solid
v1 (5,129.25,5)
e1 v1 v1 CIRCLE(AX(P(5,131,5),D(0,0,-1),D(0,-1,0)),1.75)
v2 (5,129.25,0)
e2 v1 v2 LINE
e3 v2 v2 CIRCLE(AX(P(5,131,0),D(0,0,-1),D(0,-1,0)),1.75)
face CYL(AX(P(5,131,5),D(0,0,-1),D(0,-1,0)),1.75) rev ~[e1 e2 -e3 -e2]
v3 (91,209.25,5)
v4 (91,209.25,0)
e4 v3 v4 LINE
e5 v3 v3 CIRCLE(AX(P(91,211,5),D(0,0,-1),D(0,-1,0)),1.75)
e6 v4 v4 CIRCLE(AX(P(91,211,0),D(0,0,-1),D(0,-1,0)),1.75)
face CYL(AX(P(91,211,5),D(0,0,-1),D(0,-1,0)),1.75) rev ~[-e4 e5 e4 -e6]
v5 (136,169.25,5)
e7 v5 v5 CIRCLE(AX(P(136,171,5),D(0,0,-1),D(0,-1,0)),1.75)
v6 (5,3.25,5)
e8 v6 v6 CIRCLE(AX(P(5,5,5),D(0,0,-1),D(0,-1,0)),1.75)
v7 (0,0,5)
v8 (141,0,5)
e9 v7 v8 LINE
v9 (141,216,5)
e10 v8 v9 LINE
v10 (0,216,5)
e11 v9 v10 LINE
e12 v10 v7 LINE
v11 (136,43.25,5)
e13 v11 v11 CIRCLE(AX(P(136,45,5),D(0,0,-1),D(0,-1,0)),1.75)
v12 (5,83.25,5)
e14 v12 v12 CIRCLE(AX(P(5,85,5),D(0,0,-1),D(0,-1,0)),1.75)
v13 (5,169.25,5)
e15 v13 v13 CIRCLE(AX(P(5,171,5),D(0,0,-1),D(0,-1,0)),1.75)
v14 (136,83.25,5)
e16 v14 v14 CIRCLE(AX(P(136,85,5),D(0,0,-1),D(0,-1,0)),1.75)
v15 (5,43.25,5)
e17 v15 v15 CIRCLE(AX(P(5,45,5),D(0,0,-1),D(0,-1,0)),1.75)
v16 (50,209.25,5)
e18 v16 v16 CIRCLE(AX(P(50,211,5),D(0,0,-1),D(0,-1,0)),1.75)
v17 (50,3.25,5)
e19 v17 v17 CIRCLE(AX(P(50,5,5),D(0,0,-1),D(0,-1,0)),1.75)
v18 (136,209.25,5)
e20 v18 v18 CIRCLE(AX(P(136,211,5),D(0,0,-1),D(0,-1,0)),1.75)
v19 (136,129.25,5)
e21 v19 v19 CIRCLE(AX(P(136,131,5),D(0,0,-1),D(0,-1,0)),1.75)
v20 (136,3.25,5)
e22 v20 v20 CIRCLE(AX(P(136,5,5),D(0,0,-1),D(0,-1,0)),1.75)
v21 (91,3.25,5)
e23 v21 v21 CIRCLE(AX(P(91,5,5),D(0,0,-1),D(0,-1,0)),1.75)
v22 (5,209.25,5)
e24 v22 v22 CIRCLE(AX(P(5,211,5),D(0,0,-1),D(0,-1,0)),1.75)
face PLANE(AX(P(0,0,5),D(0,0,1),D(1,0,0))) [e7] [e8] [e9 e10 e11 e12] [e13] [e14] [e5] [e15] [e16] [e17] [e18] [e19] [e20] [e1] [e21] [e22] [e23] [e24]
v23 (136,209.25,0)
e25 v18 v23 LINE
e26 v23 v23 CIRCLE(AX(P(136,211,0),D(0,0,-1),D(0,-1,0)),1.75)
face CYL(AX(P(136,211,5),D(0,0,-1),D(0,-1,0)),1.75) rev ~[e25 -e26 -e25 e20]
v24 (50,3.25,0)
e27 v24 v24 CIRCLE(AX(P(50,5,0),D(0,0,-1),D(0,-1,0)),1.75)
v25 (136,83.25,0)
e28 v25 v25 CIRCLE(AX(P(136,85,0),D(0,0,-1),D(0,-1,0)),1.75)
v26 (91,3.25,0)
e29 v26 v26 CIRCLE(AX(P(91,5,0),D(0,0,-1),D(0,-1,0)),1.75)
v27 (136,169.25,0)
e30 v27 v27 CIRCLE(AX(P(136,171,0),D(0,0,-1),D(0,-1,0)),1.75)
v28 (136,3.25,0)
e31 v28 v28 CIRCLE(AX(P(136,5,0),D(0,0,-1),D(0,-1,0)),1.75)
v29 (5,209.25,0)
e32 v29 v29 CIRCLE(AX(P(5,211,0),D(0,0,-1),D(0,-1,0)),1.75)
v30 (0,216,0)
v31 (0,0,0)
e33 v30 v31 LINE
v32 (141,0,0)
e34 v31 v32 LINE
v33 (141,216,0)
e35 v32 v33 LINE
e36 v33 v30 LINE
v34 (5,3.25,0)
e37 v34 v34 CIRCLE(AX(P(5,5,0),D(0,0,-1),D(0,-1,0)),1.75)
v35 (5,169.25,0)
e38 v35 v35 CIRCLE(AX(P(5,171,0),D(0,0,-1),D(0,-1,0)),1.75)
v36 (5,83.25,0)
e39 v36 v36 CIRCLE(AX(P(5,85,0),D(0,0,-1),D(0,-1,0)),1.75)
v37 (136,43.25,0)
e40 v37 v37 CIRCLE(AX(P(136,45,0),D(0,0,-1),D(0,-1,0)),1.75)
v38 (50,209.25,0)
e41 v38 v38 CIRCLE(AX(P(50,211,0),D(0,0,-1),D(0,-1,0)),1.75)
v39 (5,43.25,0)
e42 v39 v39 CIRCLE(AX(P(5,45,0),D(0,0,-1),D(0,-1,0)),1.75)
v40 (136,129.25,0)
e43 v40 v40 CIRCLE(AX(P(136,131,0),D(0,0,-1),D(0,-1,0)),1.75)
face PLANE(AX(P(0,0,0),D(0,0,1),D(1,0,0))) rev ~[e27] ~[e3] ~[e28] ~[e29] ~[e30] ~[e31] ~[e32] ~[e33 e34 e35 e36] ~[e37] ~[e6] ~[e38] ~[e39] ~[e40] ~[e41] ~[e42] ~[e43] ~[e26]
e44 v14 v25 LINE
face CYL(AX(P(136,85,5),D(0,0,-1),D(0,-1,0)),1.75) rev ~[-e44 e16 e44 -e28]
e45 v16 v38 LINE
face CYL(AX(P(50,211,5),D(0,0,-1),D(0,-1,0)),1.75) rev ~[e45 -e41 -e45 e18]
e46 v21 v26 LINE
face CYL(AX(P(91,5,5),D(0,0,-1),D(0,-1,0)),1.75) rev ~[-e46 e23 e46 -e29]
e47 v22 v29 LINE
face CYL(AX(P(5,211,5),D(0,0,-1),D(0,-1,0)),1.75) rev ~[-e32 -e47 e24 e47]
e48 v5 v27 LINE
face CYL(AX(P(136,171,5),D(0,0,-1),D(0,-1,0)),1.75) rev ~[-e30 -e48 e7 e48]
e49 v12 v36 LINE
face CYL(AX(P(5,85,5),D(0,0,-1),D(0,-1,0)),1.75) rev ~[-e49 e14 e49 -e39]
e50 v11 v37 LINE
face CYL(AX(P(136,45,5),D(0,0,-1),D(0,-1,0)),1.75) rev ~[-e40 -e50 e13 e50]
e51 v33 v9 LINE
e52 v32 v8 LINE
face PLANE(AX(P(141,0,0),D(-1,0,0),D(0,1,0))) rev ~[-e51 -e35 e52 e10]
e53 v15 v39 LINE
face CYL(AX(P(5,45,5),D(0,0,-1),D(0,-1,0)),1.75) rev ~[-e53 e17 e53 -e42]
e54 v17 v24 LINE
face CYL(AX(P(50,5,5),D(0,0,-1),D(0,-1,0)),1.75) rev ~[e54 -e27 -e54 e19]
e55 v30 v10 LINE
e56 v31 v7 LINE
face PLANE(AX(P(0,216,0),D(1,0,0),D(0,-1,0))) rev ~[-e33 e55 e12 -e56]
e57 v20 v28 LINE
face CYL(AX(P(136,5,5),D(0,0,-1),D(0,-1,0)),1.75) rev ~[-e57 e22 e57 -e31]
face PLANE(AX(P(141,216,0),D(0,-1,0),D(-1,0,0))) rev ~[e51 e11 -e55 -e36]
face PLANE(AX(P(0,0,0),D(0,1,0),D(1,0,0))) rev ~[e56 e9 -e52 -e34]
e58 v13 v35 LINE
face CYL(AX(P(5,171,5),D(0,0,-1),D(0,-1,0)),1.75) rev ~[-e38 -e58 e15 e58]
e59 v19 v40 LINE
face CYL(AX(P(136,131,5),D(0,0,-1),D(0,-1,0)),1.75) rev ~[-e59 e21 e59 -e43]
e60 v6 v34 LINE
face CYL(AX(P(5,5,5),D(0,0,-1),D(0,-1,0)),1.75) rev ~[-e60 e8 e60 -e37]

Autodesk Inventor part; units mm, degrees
ref_plane "YZ Plane" through (0, 0, 0) normal (1, 0, 0) x (0, 1, 0)
ref_plane "XZ Plane" through (0, 0, 0) normal (0, 1, 0) x (-1, 0, 0)
ref_plane "XY Plane" through (0, 0, 0) normal (0, 0, 1) x (1, 0, 0)
sketch "Sketch1" plane through (0, 0, 0) normal (0, 0, 1) x (1, 0, 0)
  line L0 (0, 0) -> (141, 0)
  line L1 (141, 0) -> (141, 216)
  line L2 (141, 216) -> (0, 216)
  line L3 (0, 216) -> (0, 0)
  dimension "d0" = 141
  dimension "d1" = 216
extrude "Extrusion1" add sketch "Sketch1" along normal blind 5
sketch "Sketch2" plane through (0, 0, 5) normal (0, 0, 1) x (1, 0, 0)
  line L0 (141, 216) -> (0, 216) projected
  line L1 (0, 216) -> (0, 0) projected
  line L2 (141, 0) -> (141, 216) projected
  line L3 (0, 0) -> (141, 0) projected
  point P0 (5, 211)
  point P1 (136, 211)
  point P2 (136, 5)
  point P3 (5, 5)
  point P4 (5, 171)
  point P5 (136, 171)
  point P6 (5, 131)
  point P7 (136, 131)
  point P8 (50, 211)
  point P9 (50, 5)
  point P10 (91, 211)
  point P11 (91, 5)
  point P12 (5, 45)
  point P13 (136, 45)
  point P14 (5, 85)
  point P15 (136, 85)
  dimension "d11" = 5
  dimension "d12" = 5
  dimension "d13" = 5
  dimension "d14" = 5
  dimension "d15" = 5
  dimension "d16" = 5
  dimension "d17" = 5
  dimension "d18" = 5
  dimension "d35" = 40
  dimension "d42" = 45
  dimension "d49" = 45
  dimension "d56" = 40
hole "Hole1" at (5, 211, 5) at (136, 211, 5) at (136, 5, 5) at (5, 5, 5) at (5, 171, 5) at (136, 171, 5) at (5, 131, 5) at (136, 131, 5) at (50, 211, 5) at (50, 5, 5) at (91, 211, 5) at (91, 5, 5) at (5, 45, 5) at (136, 45, 5) at (5, 85, 5) at (136, 85, 5) direction (0, 0, -1) diameter 3.5 end through all
properties part number "acrylic_for_PSI" material "Aluminum 6061"
